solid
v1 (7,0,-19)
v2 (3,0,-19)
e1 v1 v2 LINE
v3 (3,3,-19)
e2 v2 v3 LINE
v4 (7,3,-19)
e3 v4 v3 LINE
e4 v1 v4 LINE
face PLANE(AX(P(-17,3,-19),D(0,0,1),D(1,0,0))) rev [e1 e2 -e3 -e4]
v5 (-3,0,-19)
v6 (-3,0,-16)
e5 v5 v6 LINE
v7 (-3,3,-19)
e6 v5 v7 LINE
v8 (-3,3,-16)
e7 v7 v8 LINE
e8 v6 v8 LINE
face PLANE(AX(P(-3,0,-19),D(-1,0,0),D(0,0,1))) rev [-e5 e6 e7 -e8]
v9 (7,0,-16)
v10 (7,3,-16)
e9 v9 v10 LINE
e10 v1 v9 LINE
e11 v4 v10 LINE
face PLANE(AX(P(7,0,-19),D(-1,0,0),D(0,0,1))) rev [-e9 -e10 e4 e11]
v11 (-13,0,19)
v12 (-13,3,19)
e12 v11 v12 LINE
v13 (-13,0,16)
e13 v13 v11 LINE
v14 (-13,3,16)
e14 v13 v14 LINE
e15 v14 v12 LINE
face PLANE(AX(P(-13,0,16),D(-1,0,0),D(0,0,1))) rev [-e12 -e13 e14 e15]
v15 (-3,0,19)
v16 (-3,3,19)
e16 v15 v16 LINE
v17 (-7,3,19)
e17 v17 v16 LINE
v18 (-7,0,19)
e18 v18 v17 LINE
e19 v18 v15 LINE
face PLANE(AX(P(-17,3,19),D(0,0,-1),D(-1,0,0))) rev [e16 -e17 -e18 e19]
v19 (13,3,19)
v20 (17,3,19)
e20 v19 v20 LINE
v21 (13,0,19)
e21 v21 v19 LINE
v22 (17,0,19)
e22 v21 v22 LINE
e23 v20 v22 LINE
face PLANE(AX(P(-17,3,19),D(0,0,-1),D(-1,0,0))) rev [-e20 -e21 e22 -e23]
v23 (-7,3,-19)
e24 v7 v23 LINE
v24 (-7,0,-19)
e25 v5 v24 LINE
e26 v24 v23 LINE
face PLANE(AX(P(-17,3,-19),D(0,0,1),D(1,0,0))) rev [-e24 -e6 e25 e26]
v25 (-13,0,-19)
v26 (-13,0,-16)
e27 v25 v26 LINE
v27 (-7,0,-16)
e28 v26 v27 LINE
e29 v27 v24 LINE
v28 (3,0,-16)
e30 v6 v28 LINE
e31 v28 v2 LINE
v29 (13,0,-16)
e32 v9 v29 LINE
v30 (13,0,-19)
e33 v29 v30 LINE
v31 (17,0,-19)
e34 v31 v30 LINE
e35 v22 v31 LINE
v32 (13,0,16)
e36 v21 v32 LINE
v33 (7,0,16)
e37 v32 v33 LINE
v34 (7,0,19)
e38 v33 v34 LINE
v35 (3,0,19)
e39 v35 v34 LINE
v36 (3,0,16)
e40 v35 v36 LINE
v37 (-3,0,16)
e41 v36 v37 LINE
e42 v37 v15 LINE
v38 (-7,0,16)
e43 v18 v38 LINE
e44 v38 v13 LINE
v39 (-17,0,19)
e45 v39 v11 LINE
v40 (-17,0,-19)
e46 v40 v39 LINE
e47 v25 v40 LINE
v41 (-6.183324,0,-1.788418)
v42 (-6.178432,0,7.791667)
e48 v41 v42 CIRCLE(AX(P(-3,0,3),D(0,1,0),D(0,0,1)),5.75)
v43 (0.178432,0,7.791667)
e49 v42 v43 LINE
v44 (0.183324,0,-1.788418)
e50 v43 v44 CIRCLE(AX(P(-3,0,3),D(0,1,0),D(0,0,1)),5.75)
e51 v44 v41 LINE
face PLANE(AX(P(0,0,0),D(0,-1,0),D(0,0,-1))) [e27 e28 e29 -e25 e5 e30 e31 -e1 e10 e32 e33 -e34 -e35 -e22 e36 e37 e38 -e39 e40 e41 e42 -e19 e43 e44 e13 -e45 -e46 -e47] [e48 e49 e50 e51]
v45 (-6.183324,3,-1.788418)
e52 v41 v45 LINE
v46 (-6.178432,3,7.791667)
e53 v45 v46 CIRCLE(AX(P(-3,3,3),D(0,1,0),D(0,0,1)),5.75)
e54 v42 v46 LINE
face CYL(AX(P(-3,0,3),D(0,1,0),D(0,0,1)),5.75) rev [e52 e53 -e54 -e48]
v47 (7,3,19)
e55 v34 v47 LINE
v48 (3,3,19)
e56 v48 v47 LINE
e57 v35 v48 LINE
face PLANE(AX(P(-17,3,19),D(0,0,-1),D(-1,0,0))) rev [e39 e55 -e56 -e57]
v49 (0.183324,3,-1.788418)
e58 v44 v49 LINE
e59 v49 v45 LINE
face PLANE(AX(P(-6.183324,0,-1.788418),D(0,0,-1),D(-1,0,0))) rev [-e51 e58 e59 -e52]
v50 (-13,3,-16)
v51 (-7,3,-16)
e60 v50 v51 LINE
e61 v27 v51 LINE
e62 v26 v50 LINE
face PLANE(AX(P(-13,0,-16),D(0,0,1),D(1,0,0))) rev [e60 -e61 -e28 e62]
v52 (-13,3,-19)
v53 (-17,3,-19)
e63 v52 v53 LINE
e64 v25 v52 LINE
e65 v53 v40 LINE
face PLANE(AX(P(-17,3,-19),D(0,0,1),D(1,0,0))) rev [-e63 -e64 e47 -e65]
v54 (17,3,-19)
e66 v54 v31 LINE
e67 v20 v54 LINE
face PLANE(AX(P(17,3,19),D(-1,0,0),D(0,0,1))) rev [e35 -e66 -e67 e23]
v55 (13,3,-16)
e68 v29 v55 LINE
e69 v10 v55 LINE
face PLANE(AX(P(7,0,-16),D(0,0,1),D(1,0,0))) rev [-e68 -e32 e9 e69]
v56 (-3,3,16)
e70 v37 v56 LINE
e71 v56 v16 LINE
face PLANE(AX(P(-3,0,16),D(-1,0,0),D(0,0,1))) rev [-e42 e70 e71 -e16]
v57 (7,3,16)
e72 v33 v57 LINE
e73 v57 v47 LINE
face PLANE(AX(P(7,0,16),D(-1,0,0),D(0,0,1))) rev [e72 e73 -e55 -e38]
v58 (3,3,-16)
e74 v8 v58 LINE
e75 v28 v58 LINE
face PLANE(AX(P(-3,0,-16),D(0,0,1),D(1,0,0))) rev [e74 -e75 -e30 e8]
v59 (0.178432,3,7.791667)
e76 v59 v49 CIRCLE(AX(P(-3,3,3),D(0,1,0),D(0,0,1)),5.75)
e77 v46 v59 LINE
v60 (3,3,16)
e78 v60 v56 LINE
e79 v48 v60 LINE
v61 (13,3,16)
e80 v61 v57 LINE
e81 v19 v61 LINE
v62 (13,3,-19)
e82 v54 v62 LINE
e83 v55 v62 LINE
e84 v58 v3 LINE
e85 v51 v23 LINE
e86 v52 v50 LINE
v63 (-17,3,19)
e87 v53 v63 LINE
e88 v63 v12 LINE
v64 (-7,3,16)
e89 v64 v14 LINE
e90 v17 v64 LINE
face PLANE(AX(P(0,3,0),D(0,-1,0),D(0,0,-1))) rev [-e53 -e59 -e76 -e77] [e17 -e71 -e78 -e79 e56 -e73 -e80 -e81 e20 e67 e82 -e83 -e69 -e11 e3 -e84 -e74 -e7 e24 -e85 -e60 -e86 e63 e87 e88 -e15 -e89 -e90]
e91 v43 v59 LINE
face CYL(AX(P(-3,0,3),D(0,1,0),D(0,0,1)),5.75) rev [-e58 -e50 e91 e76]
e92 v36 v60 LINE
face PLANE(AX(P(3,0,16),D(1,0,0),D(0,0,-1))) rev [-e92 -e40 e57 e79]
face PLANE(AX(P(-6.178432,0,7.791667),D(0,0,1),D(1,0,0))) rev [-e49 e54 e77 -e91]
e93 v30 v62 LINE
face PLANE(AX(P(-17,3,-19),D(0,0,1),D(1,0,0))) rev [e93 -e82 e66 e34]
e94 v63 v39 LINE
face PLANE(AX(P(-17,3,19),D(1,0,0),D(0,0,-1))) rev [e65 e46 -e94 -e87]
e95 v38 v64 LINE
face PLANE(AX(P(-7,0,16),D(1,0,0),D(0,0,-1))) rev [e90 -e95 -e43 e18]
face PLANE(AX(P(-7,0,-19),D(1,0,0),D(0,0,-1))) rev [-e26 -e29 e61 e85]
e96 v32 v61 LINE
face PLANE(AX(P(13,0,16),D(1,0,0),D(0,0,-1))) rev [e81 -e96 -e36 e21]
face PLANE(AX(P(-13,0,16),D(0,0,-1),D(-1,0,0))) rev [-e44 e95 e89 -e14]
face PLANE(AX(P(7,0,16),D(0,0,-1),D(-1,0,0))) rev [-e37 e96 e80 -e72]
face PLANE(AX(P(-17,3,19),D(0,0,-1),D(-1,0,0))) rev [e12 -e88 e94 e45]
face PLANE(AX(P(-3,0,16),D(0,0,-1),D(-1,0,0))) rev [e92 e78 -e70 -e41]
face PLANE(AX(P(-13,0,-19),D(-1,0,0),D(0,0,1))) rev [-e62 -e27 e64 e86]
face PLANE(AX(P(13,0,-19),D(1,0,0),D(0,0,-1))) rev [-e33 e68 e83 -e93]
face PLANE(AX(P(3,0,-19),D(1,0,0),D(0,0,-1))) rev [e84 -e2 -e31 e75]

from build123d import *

# Parameters (mm, degrees)
SKETCH1_W            = 34
SKETCH1_H            = 38
BOSS_EXTRUDE1_DEPTH  = 3
SKETCH3_W            = 6
SKETCH3_H            = 3
CUT_EXTRUDE2_DEPTH   = 3
LPATTERN2_COUNT      = 3
LPATTERN2_PITCH      = 10
LPATTERN2_COUNT_DIR2 = 2
LPATTERN2_PITCH_DIR2 = 35
CUT_EXTRUDE4_DEPTH   = 3


with BuildPart() as part:
    # Sketch1 → Boss-Extrude1 (new body)
    with BuildSketch(Plane(origin=(0, 0, 0), x_dir=(1, 0, 0), z_dir=(0, 1, 0))):
        Rectangle(SKETCH1_W, SKETCH1_H)
    extrude(amount=BOSS_EXTRUDE1_DEPTH)

    # Sketch3 → Cut-Extrude2 (cut)
    with BuildSketch(Plane(origin=(0, 3, 0), x_dir=(1, 0, 0), z_dir=(0, 1, 0))):
        with Locations((-10, 17.5)):
            Rectangle(SKETCH3_W, SKETCH3_H)
    cut_extrude2 = extrude(amount=-CUT_EXTRUDE2_DEPTH, mode=Mode.SUBTRACT)

    # LPattern2: Cut-Extrude2 3 × 2
    with Locations(*[(i * LPATTERN2_PITCH, 0, j * LPATTERN2_PITCH_DIR2) for i in range(LPATTERN2_COUNT) for j in range(LPATTERN2_COUNT_DIR2) if (i, j) != (0, 0)]):
        add(cut_extrude2, mode=Mode.SUBTRACT)

    # Sketch4 → Cut-Extrude4 (cut)
    with BuildSketch(Plane(origin=(0, 3, 0), x_dir=(1, 0, 0), z_dir=(0, 1, 0))):
        with BuildLine():
            Line((-6.178432091, -7.791666667), (0.178432091, -7.791666667))
            ThreePointArc((0.178432091, -7.791666667), (2.74999925, -3.002936198), (0.183324096, 1.788418079))
            Line((0.183324096, 1.788418079), (-6.183324096, 1.788418079))
            ThreePointArc((-6.183324096, 1.788418079), (-8.74999925, -3.002936198), (-6.178432091, -7.791666667))
        make_face()
    extrude(amount=-CUT_EXTRUDE4_DEPTH, mode=Mode.SUBTRACT)


solid = part.part
